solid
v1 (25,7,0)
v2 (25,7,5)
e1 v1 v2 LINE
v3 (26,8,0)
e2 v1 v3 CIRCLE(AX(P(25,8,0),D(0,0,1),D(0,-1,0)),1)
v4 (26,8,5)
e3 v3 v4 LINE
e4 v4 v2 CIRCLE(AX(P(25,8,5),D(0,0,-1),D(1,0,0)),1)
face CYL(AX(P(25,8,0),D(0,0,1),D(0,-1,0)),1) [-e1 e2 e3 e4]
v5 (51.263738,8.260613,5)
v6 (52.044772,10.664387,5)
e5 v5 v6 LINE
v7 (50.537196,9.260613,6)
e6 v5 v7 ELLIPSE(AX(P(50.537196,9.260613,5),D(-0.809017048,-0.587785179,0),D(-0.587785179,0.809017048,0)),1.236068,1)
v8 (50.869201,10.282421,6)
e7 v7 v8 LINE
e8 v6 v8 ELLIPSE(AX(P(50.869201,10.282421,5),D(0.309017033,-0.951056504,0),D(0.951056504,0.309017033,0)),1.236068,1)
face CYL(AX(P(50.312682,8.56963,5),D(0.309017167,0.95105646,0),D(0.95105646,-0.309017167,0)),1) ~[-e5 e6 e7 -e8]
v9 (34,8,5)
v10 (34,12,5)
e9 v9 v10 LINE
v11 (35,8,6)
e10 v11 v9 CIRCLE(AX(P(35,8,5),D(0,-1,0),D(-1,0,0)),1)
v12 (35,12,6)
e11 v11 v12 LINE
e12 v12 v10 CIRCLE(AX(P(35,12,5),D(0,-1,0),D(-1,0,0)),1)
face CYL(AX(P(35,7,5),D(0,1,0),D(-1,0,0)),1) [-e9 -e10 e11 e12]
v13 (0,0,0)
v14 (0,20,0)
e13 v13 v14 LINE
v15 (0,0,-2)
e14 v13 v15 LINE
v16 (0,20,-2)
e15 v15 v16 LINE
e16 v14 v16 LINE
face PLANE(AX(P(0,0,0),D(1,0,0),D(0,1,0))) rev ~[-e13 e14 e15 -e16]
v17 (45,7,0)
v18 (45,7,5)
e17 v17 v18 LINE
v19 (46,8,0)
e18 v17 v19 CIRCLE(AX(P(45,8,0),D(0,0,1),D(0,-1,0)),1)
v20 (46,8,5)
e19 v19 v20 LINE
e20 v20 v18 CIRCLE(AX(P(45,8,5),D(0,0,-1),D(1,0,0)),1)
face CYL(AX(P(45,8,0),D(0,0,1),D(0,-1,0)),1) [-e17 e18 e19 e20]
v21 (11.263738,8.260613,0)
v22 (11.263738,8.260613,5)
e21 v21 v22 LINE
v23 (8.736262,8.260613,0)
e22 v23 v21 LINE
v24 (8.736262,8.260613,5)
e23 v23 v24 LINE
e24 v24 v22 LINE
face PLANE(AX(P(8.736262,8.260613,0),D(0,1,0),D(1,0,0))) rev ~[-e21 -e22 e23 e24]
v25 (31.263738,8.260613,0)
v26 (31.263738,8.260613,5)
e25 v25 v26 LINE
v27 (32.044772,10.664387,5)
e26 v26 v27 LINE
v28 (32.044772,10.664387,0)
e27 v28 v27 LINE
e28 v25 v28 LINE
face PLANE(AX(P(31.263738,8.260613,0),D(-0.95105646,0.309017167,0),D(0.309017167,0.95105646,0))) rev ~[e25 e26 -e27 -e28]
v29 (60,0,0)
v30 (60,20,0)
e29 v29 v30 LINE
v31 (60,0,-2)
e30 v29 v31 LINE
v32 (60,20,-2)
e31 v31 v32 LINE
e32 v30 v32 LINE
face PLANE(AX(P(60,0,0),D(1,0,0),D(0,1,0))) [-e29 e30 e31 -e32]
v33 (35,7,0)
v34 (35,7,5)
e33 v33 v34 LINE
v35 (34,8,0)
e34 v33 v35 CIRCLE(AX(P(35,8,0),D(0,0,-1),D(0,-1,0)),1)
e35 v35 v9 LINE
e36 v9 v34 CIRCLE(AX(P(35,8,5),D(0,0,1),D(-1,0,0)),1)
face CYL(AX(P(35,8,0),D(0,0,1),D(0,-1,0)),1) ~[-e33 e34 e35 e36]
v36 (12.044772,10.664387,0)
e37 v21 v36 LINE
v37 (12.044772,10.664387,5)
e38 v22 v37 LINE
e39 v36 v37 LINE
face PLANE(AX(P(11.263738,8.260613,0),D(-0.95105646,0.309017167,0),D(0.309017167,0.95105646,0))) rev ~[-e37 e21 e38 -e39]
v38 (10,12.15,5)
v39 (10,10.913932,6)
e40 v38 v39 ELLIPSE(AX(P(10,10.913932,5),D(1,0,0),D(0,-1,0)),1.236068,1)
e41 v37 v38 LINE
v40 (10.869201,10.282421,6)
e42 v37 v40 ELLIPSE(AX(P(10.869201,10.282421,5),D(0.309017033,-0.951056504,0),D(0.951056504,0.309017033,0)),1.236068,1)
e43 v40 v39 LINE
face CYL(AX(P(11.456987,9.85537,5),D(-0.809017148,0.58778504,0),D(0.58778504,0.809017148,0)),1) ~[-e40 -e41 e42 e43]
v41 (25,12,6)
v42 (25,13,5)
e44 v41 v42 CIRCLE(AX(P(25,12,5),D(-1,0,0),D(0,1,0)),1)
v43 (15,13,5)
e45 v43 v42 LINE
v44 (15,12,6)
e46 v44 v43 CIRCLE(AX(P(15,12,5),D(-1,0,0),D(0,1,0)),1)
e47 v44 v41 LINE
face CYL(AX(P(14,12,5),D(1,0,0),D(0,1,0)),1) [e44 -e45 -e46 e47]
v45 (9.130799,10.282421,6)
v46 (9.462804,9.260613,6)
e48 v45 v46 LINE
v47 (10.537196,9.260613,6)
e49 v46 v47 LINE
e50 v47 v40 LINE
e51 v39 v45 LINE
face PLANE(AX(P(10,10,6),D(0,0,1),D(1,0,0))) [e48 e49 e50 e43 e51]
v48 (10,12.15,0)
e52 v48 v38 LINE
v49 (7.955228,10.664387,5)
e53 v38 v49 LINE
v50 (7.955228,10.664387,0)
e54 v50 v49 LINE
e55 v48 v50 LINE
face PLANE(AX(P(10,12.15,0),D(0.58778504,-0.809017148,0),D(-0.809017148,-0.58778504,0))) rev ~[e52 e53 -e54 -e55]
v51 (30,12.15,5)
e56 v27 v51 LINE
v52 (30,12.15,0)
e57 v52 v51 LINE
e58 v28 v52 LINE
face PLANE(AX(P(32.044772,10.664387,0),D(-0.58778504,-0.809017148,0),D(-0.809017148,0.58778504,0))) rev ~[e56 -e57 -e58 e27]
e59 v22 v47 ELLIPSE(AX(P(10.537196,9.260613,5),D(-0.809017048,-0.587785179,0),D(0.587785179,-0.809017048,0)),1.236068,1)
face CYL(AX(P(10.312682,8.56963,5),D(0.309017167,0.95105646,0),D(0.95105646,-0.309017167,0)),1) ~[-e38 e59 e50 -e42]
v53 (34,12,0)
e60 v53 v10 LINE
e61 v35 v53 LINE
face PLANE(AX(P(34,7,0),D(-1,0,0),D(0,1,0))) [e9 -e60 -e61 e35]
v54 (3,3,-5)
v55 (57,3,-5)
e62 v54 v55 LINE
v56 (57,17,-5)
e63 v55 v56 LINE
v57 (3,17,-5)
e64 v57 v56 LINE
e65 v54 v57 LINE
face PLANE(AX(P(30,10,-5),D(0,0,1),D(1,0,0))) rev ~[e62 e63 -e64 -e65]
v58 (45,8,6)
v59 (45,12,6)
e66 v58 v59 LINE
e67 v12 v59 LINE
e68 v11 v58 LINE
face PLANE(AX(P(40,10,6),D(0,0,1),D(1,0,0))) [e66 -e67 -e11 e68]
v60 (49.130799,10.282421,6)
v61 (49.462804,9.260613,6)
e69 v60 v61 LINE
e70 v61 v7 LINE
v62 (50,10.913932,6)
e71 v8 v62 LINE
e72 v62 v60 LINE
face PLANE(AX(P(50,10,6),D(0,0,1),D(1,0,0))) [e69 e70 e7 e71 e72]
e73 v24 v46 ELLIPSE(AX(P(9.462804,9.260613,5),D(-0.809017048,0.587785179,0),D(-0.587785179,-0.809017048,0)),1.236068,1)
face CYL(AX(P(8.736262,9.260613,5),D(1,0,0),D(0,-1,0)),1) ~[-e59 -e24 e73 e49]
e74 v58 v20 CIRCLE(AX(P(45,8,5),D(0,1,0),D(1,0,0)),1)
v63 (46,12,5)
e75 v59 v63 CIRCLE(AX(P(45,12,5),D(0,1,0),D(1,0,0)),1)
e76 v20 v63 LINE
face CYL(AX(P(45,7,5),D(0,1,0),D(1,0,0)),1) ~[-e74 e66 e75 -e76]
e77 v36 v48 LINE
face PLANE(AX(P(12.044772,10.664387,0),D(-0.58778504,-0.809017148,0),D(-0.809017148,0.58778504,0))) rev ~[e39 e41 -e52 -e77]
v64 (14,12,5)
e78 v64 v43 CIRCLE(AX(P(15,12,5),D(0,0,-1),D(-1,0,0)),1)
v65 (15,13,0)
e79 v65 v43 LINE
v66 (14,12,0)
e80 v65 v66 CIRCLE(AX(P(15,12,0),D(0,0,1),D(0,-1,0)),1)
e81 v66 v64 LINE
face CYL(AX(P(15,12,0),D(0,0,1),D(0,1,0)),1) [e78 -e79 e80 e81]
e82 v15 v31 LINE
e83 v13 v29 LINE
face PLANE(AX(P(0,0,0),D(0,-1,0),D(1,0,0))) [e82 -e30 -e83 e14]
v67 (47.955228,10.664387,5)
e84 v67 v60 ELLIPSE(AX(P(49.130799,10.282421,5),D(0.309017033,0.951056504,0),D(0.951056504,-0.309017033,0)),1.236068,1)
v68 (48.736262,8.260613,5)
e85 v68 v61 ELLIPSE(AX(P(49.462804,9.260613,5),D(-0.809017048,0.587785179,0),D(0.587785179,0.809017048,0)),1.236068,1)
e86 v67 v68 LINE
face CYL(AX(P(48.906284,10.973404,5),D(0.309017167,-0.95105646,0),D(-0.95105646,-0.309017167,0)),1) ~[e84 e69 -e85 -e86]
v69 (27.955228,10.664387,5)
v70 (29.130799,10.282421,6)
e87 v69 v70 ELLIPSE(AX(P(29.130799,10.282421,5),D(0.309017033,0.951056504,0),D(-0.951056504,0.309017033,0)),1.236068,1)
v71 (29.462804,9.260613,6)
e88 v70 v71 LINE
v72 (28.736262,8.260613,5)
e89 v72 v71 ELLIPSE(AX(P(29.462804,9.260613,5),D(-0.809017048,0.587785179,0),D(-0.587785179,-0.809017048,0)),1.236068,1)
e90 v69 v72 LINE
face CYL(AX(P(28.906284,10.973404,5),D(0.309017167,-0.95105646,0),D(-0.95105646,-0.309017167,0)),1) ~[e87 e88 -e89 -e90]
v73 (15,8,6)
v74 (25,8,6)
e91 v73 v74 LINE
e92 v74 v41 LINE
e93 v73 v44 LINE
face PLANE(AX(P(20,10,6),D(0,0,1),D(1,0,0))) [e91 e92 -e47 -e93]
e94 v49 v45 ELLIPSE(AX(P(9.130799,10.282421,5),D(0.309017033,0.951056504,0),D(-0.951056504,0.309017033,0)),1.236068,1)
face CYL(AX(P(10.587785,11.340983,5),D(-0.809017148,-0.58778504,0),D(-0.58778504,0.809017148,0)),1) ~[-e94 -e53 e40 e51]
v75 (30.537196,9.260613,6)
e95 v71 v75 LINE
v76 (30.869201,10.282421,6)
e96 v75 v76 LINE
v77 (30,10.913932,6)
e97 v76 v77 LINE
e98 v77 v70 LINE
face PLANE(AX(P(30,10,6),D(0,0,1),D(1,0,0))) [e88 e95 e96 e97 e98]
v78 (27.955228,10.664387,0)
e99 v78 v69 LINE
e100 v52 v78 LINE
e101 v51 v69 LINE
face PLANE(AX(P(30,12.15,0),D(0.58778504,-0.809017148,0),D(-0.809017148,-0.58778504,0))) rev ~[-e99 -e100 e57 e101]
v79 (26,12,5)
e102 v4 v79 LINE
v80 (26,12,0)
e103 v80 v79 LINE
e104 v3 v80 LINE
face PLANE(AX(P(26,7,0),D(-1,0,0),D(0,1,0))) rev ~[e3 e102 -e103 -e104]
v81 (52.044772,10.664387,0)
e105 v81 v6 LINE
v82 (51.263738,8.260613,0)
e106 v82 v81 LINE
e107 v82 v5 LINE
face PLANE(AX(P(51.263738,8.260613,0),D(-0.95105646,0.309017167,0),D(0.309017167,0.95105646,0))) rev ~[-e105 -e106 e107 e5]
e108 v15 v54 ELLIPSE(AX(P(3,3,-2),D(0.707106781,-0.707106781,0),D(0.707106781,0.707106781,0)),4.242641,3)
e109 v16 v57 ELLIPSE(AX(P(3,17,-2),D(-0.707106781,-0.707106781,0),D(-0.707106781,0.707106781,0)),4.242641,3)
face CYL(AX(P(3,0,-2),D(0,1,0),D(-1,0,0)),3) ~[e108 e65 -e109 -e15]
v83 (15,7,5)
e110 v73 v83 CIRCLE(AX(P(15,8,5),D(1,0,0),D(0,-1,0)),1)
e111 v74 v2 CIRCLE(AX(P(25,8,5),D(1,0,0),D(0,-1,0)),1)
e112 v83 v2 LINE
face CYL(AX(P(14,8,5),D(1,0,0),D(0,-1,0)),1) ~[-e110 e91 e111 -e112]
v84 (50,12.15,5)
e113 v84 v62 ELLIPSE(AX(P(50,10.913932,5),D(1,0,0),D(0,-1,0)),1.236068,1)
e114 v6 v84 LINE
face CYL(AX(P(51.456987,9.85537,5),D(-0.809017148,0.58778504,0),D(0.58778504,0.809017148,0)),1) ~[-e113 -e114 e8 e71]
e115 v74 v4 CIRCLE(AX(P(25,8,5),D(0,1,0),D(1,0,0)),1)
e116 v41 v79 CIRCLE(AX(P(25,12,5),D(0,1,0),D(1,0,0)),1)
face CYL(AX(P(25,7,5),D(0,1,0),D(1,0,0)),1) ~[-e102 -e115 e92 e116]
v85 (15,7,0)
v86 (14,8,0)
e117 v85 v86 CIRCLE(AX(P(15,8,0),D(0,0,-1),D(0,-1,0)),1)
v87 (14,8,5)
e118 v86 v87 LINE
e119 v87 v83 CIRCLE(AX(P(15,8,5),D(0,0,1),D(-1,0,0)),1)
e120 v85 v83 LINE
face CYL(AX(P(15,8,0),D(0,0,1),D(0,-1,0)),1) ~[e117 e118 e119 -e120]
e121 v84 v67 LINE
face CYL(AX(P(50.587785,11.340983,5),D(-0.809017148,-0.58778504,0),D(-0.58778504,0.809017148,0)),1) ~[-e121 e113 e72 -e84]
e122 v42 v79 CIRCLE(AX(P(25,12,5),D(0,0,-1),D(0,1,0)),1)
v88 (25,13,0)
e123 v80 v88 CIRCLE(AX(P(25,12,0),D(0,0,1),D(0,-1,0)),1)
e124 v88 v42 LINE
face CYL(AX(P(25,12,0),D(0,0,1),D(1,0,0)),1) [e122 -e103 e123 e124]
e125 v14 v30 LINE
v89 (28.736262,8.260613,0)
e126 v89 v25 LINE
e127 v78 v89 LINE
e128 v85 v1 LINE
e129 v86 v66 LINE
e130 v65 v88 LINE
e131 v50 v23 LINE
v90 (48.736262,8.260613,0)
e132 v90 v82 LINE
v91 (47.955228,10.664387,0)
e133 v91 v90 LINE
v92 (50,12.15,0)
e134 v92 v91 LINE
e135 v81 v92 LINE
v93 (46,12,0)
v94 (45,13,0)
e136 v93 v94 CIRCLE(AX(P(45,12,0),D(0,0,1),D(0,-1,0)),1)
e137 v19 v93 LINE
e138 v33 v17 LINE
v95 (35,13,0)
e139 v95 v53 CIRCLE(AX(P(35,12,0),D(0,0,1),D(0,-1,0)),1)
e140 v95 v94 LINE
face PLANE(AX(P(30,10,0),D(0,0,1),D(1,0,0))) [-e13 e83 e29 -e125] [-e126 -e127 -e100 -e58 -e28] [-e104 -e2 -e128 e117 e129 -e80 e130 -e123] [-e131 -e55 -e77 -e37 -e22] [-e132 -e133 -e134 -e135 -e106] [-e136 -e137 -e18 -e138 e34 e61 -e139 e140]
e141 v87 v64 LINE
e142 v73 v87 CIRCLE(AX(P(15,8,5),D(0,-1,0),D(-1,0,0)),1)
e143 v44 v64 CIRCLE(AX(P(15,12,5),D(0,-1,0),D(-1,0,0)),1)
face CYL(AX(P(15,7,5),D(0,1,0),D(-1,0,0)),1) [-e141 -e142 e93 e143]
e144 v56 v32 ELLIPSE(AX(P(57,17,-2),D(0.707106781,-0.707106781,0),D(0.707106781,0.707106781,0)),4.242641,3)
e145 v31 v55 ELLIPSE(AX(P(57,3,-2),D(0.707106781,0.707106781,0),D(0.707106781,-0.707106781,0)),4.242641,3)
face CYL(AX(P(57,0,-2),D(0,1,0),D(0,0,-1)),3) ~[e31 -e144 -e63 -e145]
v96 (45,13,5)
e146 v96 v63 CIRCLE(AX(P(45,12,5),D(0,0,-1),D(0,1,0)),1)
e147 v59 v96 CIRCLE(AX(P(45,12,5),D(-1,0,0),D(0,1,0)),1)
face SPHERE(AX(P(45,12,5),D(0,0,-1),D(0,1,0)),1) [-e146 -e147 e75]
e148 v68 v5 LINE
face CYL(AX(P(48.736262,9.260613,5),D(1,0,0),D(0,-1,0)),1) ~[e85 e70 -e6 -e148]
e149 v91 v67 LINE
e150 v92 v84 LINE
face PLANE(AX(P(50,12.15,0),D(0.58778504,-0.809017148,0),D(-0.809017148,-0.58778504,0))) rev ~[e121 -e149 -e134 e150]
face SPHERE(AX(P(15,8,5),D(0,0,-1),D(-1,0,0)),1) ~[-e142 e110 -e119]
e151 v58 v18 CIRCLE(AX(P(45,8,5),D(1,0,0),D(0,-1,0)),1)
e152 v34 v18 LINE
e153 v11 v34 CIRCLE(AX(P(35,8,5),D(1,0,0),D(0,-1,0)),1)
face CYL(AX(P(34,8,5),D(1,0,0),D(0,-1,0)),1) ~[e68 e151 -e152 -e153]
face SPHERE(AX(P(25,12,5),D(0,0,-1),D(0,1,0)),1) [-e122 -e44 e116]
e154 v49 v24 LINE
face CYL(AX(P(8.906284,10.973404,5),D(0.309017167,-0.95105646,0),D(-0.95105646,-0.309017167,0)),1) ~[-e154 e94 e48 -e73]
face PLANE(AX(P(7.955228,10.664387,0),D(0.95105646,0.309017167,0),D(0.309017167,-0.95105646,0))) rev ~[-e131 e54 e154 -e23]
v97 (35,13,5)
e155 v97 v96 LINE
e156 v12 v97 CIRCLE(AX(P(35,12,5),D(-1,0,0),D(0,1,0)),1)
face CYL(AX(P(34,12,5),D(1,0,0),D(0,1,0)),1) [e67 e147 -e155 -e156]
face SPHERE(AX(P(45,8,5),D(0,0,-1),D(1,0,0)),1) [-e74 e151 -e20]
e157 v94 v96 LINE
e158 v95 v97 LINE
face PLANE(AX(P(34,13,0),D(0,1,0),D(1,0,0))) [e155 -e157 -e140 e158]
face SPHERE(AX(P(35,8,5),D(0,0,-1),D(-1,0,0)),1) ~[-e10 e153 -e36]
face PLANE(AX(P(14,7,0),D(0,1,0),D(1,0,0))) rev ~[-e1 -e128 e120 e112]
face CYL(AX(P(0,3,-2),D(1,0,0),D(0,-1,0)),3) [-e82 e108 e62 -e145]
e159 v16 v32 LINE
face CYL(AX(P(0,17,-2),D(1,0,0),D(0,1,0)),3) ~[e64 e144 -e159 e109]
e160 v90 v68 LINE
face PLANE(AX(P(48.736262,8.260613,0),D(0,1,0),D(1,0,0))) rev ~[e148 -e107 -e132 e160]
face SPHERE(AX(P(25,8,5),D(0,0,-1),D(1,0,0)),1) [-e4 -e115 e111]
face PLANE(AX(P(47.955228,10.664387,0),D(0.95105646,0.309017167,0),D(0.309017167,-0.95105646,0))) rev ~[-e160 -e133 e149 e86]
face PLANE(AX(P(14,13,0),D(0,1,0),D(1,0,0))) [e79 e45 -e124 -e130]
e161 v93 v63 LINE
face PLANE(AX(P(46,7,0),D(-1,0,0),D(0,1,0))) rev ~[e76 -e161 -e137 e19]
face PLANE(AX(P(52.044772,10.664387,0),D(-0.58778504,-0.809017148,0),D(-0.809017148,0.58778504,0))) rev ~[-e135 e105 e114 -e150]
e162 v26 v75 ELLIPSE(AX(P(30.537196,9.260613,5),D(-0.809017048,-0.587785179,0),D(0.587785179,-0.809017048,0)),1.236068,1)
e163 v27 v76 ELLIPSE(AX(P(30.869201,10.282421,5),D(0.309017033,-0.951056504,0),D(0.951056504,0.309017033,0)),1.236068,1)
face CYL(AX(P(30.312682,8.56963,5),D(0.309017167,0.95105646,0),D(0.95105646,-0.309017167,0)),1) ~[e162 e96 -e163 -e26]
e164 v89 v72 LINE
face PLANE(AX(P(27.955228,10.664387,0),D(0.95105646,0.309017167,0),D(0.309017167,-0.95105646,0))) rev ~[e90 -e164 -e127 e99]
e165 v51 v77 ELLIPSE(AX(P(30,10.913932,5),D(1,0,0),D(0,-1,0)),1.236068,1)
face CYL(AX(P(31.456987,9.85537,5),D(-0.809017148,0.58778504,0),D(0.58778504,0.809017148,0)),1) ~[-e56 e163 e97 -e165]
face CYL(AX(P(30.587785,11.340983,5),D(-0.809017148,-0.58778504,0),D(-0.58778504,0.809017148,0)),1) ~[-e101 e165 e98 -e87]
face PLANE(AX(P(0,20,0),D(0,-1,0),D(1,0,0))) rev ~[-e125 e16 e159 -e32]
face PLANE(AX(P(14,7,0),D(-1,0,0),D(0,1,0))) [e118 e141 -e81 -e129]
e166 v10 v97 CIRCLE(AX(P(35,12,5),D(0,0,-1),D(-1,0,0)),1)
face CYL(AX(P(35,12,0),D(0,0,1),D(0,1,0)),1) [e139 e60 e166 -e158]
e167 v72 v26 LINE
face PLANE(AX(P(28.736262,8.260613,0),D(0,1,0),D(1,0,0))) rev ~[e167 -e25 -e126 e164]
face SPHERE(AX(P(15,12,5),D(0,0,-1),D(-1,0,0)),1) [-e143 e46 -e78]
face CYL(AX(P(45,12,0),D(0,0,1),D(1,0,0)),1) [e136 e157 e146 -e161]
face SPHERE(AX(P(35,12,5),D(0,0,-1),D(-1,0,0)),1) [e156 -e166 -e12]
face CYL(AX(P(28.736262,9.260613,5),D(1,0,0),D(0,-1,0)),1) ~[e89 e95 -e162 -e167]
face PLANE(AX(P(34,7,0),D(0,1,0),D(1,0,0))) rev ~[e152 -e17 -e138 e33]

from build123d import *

# Parameters (mm, degrees)
F0_W     = 60
F0_H     = 20
F2_DEPTH = 5
F1_W     = 12
F1_H     = 6
F3_DEPTH = 6
F4_R     = 3
F5_R     = 1


with BuildPart() as f2:
    # F0 (on Top) → F2 (new body)
    with BuildSketch(Plane.XY):
        with Locations((30, 10)):
            Rectangle(F0_W, F0_H)
    extrude(amount=-F2_DEPTH)

    # F1 (on face) → F3 (join)
    with BuildSketch(Plane.XY):
        Polygon((8.736262, 8.260613), (11.263738, 8.260613), (12.044772, 10.664387), (10, 12.15), (7.955228, 10.664387), align=None)
        Polygon((30, 12.15), (27.955228, 10.664387), (28.736262, 8.260613), (31.263738, 8.260613), (32.044772, 10.664387), align=None)
        Polygon((50, 12.15), (47.955228, 10.664387), (48.736262, 8.260613), (51.263738, 8.260613), (52.044772, 10.664387), align=None)
        with Locations((20, 10)):
            Rectangle(F1_W, F1_H)
        with Locations((40, 10)):
            Rectangle(F1_W, F1_H)
    extrude(amount=F3_DEPTH)

    # F4
    f4_edges = [f2.edges().sort_by_distance(p)[0] for p in [
        (0, 10, -5),
        (30, 0, -5),
        (60, 10, -5),
        (30, 20, -5),
    ]]
    fillet(f4_edges, radius=F4_R)

    # F5
    f5_edges = [f2.edges().sort_by_distance(p)[0] for p in [
        (8.977614, 11.407193, 6),
        (8.345745, 9.4625, 6),
        (10, 8.260613, 6),
        (11.654255, 9.4625, 6),
        (11.022386, 11.407193, 6),
        (28.977614, 11.407193, 6),
        (28.345745, 9.4625, 6),
        (30, 8.260613, 6),
        (31.654255, 9.4625, 6),
        (31.022386, 11.407193, 6),
        (51.654255, 9.4625, 6),
        (50, 8.260613, 6),
        (48.345745, 9.4625, 6),
        (48.977614, 11.407193, 6),
        (51.022386, 11.407193, 6),
        (14, 7, 3),
        (26, 7, 3),
        (26, 13, 3),
        (14, 13, 3),
        (34, 13, 3),
        (34, 7, 3),
        (46, 13, 3),
        (46, 7, 3),
        (14, 10, 6),
        (20, 13, 6),
        (26, 10, 6),
        (20, 7, 6),
        (34, 10, 6),
        (40, 13, 6),
        (46, 10, 6),
        (40, 7, 6),
    ]]
    fillet(f5_edges, radius=F5_R)


solid = f2.part
